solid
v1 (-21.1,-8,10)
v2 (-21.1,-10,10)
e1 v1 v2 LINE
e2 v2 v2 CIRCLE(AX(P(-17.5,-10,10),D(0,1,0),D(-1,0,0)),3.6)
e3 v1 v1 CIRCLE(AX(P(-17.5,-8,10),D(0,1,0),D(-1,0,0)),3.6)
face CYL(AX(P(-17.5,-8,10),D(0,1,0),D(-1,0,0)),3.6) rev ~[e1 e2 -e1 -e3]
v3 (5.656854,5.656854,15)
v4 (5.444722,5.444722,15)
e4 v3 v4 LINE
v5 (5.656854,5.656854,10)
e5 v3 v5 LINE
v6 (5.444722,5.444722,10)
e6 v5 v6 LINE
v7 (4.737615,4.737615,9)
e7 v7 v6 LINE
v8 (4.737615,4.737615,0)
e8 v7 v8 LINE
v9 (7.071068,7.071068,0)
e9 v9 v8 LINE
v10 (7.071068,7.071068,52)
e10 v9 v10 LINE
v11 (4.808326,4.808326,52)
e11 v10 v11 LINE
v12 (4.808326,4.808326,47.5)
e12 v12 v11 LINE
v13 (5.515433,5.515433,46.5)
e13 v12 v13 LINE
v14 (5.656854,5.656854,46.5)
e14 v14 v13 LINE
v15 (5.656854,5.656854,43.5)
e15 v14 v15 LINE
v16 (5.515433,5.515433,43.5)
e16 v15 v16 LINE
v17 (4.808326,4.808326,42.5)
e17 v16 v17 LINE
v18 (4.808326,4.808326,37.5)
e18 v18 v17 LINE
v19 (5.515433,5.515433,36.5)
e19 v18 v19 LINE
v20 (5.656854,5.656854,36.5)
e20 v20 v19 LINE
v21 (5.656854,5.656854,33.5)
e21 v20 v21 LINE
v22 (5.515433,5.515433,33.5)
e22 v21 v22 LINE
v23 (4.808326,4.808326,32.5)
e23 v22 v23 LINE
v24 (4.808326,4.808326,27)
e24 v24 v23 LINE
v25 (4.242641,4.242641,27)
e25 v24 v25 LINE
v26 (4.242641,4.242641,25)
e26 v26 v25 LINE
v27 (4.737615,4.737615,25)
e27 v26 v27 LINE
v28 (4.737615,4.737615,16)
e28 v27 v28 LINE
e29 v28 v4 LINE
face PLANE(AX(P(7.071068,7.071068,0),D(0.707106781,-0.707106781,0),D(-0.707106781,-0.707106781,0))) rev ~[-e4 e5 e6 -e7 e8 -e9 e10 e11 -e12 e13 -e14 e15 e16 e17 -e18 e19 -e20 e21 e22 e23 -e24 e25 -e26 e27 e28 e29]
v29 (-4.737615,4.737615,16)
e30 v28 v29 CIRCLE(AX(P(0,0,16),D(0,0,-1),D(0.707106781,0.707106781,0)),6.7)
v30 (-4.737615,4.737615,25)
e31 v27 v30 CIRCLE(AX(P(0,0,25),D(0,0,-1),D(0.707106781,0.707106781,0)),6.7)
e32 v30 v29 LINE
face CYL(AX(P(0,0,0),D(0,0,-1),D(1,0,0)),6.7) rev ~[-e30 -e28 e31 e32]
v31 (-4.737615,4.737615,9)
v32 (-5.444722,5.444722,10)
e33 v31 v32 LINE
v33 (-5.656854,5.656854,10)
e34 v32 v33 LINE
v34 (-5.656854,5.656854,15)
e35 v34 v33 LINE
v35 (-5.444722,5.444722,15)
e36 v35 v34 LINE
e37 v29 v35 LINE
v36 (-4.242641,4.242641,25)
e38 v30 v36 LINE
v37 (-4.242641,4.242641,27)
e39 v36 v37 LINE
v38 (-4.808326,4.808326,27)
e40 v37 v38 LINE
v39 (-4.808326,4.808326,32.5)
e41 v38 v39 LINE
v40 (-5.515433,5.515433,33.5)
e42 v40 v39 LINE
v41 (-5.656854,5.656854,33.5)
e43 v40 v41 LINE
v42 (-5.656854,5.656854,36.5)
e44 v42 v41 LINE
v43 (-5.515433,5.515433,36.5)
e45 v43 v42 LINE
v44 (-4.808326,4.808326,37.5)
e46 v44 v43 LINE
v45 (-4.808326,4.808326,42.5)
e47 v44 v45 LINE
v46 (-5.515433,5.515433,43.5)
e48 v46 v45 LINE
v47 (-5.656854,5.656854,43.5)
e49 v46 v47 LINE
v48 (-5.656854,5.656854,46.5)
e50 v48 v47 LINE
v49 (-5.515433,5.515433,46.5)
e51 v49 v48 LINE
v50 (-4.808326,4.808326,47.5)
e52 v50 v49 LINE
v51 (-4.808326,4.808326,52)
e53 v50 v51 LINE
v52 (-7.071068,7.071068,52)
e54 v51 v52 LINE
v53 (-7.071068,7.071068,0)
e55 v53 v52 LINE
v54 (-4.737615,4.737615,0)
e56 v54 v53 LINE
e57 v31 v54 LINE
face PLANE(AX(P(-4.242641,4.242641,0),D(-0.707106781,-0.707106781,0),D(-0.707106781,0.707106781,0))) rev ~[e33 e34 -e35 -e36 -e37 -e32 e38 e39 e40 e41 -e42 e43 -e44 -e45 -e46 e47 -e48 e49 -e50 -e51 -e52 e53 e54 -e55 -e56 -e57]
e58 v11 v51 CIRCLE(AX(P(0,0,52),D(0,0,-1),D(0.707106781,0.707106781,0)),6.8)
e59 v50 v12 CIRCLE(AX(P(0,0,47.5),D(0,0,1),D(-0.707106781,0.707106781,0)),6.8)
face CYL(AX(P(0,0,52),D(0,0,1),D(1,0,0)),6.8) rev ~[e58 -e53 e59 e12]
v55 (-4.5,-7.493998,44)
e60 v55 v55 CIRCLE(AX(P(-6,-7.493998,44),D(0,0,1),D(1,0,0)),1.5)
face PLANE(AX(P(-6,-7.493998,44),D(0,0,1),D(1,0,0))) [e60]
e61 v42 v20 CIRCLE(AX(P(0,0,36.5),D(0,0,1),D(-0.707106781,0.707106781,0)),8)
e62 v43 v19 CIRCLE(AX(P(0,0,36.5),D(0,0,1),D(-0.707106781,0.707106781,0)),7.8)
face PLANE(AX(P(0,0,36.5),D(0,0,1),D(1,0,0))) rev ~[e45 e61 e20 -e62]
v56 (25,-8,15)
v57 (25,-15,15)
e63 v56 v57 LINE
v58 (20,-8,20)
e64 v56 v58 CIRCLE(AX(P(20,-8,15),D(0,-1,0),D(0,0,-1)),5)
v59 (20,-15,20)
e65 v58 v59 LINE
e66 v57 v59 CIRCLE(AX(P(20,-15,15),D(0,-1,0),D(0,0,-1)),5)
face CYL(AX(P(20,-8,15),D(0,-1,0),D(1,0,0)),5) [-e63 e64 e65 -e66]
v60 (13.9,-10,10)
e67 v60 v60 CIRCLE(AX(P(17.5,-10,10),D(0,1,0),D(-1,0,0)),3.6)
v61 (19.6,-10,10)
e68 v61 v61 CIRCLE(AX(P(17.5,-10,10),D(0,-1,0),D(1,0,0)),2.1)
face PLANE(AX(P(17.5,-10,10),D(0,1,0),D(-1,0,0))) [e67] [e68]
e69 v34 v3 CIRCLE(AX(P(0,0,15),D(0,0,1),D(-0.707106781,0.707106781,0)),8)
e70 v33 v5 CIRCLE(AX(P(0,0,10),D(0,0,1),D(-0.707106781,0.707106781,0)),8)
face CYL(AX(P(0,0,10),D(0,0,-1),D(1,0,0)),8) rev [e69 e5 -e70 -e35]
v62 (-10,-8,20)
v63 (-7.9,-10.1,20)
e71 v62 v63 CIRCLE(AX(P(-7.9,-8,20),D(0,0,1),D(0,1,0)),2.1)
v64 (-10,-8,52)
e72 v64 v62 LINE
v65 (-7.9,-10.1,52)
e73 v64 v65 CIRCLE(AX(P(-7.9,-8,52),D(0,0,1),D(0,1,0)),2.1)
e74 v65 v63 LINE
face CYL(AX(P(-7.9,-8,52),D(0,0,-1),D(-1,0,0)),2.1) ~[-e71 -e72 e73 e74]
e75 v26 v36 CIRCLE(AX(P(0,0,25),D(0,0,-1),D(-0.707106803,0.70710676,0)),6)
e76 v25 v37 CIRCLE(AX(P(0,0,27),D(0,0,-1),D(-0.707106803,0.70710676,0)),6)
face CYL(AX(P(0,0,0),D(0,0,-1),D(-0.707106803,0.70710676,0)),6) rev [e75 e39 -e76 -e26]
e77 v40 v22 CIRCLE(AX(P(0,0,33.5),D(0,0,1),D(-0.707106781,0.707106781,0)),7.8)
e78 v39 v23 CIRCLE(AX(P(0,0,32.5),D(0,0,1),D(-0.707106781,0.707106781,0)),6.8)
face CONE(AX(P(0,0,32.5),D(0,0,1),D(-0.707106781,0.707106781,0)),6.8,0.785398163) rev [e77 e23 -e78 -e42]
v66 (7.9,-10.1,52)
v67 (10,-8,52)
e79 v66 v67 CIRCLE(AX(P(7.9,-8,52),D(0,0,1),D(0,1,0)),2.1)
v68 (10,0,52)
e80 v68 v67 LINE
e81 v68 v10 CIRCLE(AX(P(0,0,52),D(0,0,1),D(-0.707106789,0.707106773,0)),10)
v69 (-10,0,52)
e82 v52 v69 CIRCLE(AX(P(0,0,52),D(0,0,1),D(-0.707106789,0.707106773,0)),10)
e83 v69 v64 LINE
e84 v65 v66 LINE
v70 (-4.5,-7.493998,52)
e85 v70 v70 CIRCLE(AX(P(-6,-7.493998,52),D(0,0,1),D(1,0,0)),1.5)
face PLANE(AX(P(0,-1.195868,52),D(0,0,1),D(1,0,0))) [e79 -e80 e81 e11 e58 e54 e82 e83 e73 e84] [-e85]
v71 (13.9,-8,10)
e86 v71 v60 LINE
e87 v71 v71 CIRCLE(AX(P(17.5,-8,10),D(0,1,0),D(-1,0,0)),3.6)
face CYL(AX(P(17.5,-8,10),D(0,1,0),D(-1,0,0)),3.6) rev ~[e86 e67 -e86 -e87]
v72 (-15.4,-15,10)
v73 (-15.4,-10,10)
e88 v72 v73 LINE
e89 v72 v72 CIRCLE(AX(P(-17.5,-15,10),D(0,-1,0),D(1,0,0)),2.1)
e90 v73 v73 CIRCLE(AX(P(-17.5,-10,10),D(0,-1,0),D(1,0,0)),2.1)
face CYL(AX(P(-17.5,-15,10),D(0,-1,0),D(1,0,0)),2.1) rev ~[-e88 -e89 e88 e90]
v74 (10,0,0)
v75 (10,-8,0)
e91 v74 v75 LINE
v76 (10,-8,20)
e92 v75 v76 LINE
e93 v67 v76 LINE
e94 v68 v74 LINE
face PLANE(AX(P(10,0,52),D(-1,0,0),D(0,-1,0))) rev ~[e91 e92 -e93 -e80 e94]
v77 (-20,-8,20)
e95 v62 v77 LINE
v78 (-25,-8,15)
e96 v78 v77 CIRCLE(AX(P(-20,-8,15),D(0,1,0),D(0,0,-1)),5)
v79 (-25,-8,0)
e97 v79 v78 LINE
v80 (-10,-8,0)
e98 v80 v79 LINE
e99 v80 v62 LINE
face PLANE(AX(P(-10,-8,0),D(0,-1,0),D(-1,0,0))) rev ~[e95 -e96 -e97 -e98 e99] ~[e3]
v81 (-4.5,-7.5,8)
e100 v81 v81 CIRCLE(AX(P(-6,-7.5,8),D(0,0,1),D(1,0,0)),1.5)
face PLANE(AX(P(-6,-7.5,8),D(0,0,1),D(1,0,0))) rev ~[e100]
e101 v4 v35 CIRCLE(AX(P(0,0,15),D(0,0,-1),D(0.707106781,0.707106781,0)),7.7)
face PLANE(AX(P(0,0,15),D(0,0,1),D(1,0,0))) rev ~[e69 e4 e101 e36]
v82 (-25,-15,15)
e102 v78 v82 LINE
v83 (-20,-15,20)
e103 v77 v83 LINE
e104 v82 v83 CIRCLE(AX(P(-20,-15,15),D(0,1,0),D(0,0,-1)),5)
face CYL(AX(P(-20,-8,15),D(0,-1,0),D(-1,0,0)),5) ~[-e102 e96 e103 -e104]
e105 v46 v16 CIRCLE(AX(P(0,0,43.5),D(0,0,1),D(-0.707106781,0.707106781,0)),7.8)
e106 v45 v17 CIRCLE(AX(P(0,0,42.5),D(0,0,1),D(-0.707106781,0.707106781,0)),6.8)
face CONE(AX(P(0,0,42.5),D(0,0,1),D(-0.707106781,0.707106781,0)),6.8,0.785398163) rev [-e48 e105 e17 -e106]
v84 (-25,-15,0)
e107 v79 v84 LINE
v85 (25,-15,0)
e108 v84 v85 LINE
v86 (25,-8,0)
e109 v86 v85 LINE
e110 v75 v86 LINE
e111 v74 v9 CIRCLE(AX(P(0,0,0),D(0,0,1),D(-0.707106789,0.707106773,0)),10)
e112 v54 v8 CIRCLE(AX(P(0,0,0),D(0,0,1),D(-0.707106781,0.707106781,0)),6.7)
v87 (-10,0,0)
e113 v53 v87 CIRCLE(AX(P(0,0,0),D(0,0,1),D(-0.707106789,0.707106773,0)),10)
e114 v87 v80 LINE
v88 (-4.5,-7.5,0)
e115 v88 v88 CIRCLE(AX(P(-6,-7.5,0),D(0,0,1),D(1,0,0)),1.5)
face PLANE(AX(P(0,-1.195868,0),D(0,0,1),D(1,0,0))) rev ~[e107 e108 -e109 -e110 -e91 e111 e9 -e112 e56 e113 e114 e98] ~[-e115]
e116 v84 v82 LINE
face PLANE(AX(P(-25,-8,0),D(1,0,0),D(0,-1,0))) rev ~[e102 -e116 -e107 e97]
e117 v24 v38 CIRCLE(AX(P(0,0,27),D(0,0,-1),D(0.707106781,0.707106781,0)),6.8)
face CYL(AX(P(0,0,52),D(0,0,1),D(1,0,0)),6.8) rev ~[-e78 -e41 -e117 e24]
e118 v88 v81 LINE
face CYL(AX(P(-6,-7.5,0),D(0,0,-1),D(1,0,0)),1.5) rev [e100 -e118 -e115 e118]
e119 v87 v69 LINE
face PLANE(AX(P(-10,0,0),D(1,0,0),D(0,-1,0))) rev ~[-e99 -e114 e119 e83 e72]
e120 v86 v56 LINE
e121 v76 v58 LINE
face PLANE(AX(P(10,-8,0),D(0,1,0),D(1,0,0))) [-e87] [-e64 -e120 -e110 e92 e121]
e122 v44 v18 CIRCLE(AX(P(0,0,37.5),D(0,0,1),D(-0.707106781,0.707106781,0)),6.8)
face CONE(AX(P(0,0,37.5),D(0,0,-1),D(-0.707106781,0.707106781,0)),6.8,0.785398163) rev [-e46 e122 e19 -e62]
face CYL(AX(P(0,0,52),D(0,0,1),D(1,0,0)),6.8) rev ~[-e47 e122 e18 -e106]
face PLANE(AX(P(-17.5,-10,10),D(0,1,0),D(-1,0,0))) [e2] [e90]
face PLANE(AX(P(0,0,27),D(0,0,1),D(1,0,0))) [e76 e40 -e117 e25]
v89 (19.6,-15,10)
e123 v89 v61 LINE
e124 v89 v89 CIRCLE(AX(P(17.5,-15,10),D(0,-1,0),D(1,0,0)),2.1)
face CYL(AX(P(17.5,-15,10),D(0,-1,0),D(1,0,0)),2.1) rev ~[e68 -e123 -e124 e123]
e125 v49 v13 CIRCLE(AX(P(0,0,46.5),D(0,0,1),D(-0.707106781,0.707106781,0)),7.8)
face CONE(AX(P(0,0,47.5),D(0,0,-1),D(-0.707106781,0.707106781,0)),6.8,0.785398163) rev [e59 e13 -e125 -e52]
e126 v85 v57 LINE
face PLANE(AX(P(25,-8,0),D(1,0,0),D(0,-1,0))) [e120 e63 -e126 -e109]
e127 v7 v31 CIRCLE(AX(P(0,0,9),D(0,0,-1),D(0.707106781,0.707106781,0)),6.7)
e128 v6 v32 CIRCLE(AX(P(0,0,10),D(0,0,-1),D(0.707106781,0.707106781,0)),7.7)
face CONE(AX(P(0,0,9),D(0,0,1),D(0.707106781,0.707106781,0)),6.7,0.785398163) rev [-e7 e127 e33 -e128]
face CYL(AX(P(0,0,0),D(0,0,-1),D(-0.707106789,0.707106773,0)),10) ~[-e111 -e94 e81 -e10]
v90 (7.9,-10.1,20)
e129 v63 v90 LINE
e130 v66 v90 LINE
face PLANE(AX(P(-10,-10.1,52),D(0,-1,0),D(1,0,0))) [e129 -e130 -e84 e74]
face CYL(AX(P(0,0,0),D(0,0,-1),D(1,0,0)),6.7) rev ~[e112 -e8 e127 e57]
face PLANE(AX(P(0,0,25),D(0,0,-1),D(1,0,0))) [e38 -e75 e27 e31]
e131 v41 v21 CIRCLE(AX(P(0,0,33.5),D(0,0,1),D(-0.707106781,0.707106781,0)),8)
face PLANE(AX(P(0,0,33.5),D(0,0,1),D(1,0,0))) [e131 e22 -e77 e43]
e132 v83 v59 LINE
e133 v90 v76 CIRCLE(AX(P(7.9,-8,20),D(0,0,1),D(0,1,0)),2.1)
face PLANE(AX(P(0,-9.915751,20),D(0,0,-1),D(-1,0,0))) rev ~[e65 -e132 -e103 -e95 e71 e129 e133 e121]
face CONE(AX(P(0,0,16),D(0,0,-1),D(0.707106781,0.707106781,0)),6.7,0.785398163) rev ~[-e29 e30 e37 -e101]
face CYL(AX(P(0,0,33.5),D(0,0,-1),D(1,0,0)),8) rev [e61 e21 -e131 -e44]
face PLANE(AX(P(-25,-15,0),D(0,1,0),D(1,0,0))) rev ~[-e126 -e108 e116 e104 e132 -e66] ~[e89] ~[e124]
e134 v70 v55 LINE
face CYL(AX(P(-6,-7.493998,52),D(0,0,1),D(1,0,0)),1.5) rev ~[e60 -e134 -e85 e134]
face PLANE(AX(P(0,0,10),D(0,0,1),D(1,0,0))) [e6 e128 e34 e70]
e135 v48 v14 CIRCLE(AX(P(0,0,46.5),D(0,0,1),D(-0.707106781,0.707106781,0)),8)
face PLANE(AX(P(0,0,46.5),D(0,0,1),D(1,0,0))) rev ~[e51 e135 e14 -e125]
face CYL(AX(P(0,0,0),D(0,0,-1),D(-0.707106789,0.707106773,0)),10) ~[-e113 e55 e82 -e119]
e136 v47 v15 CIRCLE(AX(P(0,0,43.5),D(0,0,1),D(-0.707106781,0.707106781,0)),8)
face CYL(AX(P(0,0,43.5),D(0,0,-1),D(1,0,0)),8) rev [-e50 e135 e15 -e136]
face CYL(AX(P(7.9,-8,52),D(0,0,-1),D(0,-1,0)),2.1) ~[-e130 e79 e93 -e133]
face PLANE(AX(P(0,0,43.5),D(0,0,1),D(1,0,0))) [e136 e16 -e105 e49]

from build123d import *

# Parameters (mm, degrees)
CYLINDER003_R     = 1.5
CYLINDER003_DEPTH = 8
CYLINDER002_R     = 8
CYLINDER002_DEPTH = 3
CYLINDER001_R     = 8
CYLINDER001_DEPTH = 3
CYLINDER_R        = 8
CYLINDER_DEPTH    = 5
PAD_DEPTH         = 52
SKETCH005_R       = 6.8
POCKET_DEPTH      = 25
SKETCH006_R       = 6.7
POCKET001_DEPTH   = 25
PAD002_DEPTH      = 32
SKETCH010_R       = 1.5
POCKET004_DEPTH   = 8
PAD001_DEPTH      = 20
SKETCH008_R       = 2.1
POCKET002_DEPTH   = 7
SKETCH009_R       = 3.6
POCKET003_DEPTH   = 2
FILLET_R          = 5
FILLET001_R       = 2.1
CHAMFER_SIZE      = 1


with BuildPart() as zylinder003:
    # Cylinder003 → Cylinder003 (new body)
    with BuildSketch(Plane(origin=(-6, -7.5, 0), x_dir=(1, 0, 0), z_dir=(0, 0, 1))):
        Circle(CYLINDER003_R)
    extrude(amount=CYLINDER003_DEPTH)


with BuildPart() as zylinder002:
    # Cylinder002 → Cylinder002 (new body)
    with BuildSketch(Plane.XY.offset(43.5)):
        Circle(CYLINDER002_R)
    extrude(amount=CYLINDER002_DEPTH)


with BuildPart() as zylinder001:
    # Cylinder001 → Cylinder001 (new body)
    with BuildSketch(Plane.XY.offset(33.5)):
        Circle(CYLINDER001_R)
    extrude(amount=CYLINDER001_DEPTH)


with BuildPart() as zylinder:
    # Cylinder → Cylinder (new body)
    with BuildSketch(Plane.XY.offset(10)):
        Circle(CYLINDER_R)
    extrude(amount=CYLINDER_DEPTH)


with BuildPart() as pocket004:
    # Sketch → Pad (new body)
    with BuildSketch(Plane.XY):
        with BuildLine():
            ThreePointArc((-7.071068, 7.071068), (0, -10), (7.071068, 7.071068))
            Line((7.071068, 7.071068), (4.242641, 4.242641))
            ThreePointArc((-4.242641, 4.242641), (0, -6), (4.242641, 4.242641))
            Line((-4.242641, 4.242641), (-7.071068, 7.071068))
        make_face()
    extrude(amount=PAD_DEPTH)

    # Sketch005 → Pocket (cut)
    with BuildSketch(Plane.XY.offset(52)):
        Circle(SKETCH005_R)
    extrude(amount=-POCKET_DEPTH, mode=Mode.SUBTRACT)

    # Sketch006 → Pocket001 (cut)
    with BuildSketch(Plane(origin=(0, 0, 0), x_dir=(1, 0, 0), z_dir=(0, 0, -1))):
        Circle(SKETCH006_R)
    extrude(amount=-POCKET001_DEPTH, mode=Mode.SUBTRACT)

    # Sketch007 → Pad002 (new body)
    with BuildSketch(Plane.XY.offset(52)):
        with BuildLine():
            ThreePointArc((-10, 0), (0, -10), (10, 0))
            Line((10, 0), (10, -10.1))
            Line((-10, -10.1), (10, -10.1))
            Line((-10, 0), (-10, -10.1))
        make_face()
    extrude(amount=-PAD002_DEPTH)

    # Cut: cut Zylinder
    add(zylinder.part, mode=Mode.SUBTRACT)

    # Cut001: cut Zylinder001
    add(zylinder001.part, mode=Mode.SUBTRACT)

    # Cut002: cut Zylinder002
    add(zylinder002.part, mode=Mode.SUBTRACT)

    # Sketch010 → Pocket004 (cut)
    with BuildSketch(Plane.XY.offset(52)):
        with Locations((-6, -7.493998)):
            Circle(SKETCH010_R)
    extrude(amount=-POCKET004_DEPTH, mode=Mode.SUBTRACT)


with BuildPart() as chamfer_body:
    # Sketch003 → Pad001 (new body)
    with BuildSketch(Plane.XY):
        with BuildLine():
            ThreePointArc((-10, 0), (0, -10), (10, 0))
            Line((10, 0), (10, -8))
            Line((10, -8), (25, -8))
            Line((25, -8), (25, -15))
            Line((-25, -15), (25, -15))
            Line((-25, -8), (-25, -15))
            Line((-10, -8), (-25, -8))
            Line((-10, 0), (-10, -8))
        make_face()
    extrude(amount=PAD001_DEPTH)

    # Sketch008 → Pocket002 (cut)
    with BuildSketch(Plane.XZ.offset(15)):
        with Locations((-17.5, 10)):
            Circle(SKETCH008_R)
        with Locations((17.5, 10)):
            Circle(SKETCH008_R)
    extrude(amount=-POCKET002_DEPTH, mode=Mode.SUBTRACT)

    # Sketch009 → Pocket003 (cut)
    with BuildSketch(Plane(origin=(0, -8, 0), x_dir=(-1, 0, 0), z_dir=(0, 1, 0))):
        with Locations((-17.5, 10)):
            Circle(SKETCH009_R)
        with Locations((17.5, 10)):
            Circle(SKETCH009_R)
    extrude(amount=-POCKET003_DEPTH, mode=Mode.SUBTRACT)

    # Fusion: union Pocket004
    add(pocket004.part)

    # Cut003: cut Zylinder003
    add(zylinder003.part, mode=Mode.SUBTRACT)

    # Fillet
    fillet_edges = [chamfer_body.edges().sort_by_distance(p)[0] for p in [
        (-25, -11.5, 20),
        (25, -11.5, 20),
    ]]
    fillet(fillet_edges, radius=FILLET_R)

    # Fillet001
    fillet001_edges = [chamfer_body.edges().sort_by_distance(p)[0] for p in [
        (10, -10.1, 36),
        (-10, -10.1, 36),
    ]]
    fillet(fillet001_edges, radius=FILLET001_R)

    # Chamfer
    chamfer_edges = [chamfer_body.edges().sort_by_distance(p)[0] for p in [
        (-2.563979, -6.189993, 15),
        (-2.563979, -6.189993, 10),
        (-2.602247, -6.282381, 33.5),
        (-2.602247, -6.282381, 36.5),
        (-2.602247, -6.282381, 43.5),
        (-2.602247, -6.282381, 46.5),
    ]]
    chamfer(chamfer_edges, length=CHAMFER_SIZE)


solid = chamfer_body.part
